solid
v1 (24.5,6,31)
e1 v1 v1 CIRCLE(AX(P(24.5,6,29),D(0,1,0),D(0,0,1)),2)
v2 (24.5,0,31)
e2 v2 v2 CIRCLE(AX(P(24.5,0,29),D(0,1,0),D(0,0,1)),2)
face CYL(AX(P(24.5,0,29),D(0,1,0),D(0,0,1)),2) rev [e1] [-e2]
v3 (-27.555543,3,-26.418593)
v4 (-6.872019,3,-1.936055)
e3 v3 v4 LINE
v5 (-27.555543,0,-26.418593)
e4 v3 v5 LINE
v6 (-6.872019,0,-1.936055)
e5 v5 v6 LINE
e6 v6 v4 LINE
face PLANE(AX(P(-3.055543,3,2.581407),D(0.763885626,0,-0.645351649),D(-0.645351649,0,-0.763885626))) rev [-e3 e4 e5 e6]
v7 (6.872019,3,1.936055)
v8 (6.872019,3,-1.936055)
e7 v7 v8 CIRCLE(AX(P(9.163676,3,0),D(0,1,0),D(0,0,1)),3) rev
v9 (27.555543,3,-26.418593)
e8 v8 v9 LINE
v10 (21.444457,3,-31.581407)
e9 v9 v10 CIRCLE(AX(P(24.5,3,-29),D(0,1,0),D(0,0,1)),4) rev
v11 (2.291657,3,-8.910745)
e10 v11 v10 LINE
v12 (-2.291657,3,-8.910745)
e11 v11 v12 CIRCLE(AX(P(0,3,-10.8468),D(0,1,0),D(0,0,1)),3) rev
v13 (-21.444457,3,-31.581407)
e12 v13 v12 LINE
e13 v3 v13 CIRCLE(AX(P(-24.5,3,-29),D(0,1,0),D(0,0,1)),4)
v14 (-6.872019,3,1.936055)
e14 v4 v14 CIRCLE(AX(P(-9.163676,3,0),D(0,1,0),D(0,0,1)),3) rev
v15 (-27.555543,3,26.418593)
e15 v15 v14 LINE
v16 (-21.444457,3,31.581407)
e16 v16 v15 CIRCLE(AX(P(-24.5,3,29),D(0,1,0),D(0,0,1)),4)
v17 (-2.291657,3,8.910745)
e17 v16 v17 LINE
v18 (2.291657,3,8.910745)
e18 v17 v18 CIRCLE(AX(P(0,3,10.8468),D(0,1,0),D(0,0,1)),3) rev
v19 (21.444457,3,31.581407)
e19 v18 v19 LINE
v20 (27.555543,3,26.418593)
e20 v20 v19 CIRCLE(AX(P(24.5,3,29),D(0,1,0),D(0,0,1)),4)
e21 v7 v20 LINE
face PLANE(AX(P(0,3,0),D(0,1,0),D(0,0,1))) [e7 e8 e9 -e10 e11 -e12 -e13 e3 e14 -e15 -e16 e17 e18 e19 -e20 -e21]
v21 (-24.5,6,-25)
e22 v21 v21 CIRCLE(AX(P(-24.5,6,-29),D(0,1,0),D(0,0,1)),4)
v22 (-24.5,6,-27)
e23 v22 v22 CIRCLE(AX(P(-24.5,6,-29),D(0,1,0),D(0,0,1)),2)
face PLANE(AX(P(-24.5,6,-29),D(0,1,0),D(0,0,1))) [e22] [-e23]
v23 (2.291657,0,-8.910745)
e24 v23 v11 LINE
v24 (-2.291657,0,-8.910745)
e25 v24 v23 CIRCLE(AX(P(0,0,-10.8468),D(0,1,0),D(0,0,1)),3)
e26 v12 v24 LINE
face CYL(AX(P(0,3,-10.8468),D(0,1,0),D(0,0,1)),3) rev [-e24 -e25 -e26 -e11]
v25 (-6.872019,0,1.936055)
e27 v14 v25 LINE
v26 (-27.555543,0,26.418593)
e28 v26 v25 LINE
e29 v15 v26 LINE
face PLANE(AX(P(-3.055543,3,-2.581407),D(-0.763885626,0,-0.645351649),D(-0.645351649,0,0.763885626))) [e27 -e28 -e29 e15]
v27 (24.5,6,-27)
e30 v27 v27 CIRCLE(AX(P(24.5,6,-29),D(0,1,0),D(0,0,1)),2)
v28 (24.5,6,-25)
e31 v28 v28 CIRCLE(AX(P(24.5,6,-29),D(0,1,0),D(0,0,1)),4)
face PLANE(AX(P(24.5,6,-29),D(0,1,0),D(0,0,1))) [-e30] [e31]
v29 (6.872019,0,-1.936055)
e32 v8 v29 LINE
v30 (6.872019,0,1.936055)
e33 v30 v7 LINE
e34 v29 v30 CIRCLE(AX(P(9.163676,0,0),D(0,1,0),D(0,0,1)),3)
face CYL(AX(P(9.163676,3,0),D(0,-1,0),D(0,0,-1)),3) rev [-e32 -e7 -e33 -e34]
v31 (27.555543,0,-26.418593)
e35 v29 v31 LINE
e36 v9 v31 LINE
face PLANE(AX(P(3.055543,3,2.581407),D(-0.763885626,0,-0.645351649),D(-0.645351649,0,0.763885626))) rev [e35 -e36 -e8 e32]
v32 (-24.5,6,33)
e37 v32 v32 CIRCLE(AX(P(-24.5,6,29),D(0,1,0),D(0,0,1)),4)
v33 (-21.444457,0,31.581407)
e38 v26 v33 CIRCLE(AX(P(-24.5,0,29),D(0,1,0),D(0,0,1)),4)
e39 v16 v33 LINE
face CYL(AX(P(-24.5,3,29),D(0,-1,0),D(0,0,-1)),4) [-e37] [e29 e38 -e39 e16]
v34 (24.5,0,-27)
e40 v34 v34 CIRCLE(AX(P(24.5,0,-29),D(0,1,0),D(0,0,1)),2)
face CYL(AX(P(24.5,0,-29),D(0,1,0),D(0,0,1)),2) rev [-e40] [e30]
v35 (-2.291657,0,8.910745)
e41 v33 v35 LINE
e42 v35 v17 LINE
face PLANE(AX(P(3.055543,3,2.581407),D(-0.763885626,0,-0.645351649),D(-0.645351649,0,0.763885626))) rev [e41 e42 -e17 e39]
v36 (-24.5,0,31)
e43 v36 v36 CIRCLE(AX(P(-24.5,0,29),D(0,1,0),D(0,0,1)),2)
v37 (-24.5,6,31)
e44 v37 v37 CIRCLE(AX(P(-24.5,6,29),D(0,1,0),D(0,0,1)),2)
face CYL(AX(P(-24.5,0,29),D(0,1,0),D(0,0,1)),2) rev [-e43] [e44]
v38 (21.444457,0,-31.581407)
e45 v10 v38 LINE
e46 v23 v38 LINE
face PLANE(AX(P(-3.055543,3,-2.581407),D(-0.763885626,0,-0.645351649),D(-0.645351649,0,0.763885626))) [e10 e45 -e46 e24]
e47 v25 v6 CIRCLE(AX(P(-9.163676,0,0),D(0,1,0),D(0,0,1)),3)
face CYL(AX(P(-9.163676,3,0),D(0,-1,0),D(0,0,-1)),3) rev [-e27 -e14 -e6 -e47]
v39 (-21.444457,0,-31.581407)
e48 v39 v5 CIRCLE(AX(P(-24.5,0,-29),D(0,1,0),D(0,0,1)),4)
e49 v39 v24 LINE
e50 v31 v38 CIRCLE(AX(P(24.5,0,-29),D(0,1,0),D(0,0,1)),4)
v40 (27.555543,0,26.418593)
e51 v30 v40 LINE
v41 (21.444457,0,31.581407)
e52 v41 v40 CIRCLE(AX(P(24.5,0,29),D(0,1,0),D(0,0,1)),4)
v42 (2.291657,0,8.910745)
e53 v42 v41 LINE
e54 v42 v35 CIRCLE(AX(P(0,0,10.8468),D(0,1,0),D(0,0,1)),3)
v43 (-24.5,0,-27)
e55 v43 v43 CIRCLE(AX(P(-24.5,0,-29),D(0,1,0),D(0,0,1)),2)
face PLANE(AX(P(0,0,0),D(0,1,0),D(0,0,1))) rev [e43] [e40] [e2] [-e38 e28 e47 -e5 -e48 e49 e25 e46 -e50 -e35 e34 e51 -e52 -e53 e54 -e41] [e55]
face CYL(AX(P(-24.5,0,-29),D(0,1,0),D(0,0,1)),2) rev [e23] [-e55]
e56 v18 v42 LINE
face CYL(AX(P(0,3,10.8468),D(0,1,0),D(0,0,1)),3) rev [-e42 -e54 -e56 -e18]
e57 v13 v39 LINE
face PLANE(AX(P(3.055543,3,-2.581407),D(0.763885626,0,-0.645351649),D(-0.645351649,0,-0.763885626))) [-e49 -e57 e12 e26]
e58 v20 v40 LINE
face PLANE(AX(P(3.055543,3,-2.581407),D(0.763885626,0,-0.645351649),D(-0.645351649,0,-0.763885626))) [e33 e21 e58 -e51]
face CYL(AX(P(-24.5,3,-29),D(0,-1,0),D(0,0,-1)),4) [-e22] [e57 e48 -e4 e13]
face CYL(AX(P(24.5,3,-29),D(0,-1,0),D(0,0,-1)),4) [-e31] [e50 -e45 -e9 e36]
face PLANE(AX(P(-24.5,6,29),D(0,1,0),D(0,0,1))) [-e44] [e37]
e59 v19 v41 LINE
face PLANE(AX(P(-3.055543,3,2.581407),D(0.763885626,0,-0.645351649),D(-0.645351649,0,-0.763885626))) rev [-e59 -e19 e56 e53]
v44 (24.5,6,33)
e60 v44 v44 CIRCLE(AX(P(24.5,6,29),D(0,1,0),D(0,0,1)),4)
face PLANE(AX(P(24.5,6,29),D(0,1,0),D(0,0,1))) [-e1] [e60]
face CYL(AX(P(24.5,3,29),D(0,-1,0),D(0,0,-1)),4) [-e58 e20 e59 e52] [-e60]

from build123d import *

# Parameters (mm, degrees)
BOSS_EXTRUDE3_DEPTH = 3
FILLET2_R           = 3
SKETCH6_R           = 4
BOSS_EXTRUDE4_DEPTH = 3
SKETCH7_R           = 2
CUT_EXTRUDE4_DEPTH  = 7


with BuildPart() as part:
    # Sketch5 → Boss-Extrude3 (new body)
    with BuildSketch(Plane(origin=(0, 0, 0), x_dir=(1, 0, 0), z_dir=(0, 1, 0))):
        with BuildLine():
            Line((-27.555542502, 26.418593403), (-5.236386006, 0))
            Line((-5.236386006, 0), (0, 6.198171191))
            Line((0, 6.198171191), (-21.444457498, 31.581406597))
            ThreePointArc((-21.444457498, 31.581406597), (-27.081406597, 32.055542502), (-27.555542502, 26.418593403))
        make_face()
        with BuildLine():
            Line((5.236386006, 0), (0, -6.198171191))
            Line((0, -6.198171191), (21.444457498, -31.581406597))
            ThreePointArc((21.444457498, -31.581406597), (27.081406597, -32.055542502), (27.555542502, -26.418593403))
            Line((27.555542502, -26.418593403), (5.236386006, 0))
        make_face()
        with BuildLine():
            Line((21.444457498, 31.581406597), (0, 6.198171191))
            Line((0, 6.198171191), (5.236386006, 0))
            Line((5.236386006, 0), (27.555542502, 26.418593403))
            ThreePointArc((27.555542502, 26.418593403), (27.081406597, 32.055542502), (21.444457498, 31.581406597))
        make_face()
        with BuildLine():
            Line((-5.236386006, 0), (-27.555542502, -26.418593403))
            ThreePointArc((-27.555542502, -26.418593403), (-27.081406597, -32.055542502), (-21.444457498, -31.581406597))
            Line((-21.444457498, -31.581406597), (0, -6.198171191))
            Line((0, -6.198171191), (-5.236386006, 0))
        make_face()
        Polygon((0, 6.198171191), (-5.236386006, 0), (0, -6.198171191), (5.236386006, 0), align=None)
    extrude(amount=BOSS_EXTRUDE3_DEPTH)

    # Fillet2
    fillet2_edges = [part.edges().sort_by_distance(p)[0] for p in [
        (0, 1.5, -6.198171191),
        (5.236386006, 1.5, 0),
        (0, 1.5, 6.198171191),
        (-5.236386006, 1.5, 0),
    ]]
    fillet(fillet2_edges, radius=FILLET2_R)

    # Sketch6 → Boss-Extrude4 (add)
    with BuildSketch(Plane(origin=(0, 3, 0), x_dir=(1, 0, 0), z_dir=(0, 1, 0))):
        with Locations((-24.5, 29)):
            Circle(SKETCH6_R)
        with Locations((24.5, 29)):
            Circle(SKETCH6_R)
        with Locations((-24.5, -29)):
            Circle(SKETCH6_R)
        with Locations((24.5, -29)):
            Circle(SKETCH6_R)
    extrude(amount=BOSS_EXTRUDE4_DEPTH)

    # Sketch7 → Cut-Extrude4 (cut, through all)
    with BuildSketch(Plane(origin=(0, 6, 0), x_dir=(1, 0, 0), z_dir=(0, 1, 0))):
        with Locations((-24.5, -29)):
            Circle(SKETCH7_R)
        with Locations((-24.5, 29)):
            Circle(SKETCH7_R)
        with Locations((24.5, 29)):
            Circle(SKETCH7_R)
        with Locations((24.5, -29)):
            Circle(SKETCH7_R)
    extrude(amount=-CUT_EXTRUDE4_DEPTH, mode=Mode.SUBTRACT)


solid = part.part
